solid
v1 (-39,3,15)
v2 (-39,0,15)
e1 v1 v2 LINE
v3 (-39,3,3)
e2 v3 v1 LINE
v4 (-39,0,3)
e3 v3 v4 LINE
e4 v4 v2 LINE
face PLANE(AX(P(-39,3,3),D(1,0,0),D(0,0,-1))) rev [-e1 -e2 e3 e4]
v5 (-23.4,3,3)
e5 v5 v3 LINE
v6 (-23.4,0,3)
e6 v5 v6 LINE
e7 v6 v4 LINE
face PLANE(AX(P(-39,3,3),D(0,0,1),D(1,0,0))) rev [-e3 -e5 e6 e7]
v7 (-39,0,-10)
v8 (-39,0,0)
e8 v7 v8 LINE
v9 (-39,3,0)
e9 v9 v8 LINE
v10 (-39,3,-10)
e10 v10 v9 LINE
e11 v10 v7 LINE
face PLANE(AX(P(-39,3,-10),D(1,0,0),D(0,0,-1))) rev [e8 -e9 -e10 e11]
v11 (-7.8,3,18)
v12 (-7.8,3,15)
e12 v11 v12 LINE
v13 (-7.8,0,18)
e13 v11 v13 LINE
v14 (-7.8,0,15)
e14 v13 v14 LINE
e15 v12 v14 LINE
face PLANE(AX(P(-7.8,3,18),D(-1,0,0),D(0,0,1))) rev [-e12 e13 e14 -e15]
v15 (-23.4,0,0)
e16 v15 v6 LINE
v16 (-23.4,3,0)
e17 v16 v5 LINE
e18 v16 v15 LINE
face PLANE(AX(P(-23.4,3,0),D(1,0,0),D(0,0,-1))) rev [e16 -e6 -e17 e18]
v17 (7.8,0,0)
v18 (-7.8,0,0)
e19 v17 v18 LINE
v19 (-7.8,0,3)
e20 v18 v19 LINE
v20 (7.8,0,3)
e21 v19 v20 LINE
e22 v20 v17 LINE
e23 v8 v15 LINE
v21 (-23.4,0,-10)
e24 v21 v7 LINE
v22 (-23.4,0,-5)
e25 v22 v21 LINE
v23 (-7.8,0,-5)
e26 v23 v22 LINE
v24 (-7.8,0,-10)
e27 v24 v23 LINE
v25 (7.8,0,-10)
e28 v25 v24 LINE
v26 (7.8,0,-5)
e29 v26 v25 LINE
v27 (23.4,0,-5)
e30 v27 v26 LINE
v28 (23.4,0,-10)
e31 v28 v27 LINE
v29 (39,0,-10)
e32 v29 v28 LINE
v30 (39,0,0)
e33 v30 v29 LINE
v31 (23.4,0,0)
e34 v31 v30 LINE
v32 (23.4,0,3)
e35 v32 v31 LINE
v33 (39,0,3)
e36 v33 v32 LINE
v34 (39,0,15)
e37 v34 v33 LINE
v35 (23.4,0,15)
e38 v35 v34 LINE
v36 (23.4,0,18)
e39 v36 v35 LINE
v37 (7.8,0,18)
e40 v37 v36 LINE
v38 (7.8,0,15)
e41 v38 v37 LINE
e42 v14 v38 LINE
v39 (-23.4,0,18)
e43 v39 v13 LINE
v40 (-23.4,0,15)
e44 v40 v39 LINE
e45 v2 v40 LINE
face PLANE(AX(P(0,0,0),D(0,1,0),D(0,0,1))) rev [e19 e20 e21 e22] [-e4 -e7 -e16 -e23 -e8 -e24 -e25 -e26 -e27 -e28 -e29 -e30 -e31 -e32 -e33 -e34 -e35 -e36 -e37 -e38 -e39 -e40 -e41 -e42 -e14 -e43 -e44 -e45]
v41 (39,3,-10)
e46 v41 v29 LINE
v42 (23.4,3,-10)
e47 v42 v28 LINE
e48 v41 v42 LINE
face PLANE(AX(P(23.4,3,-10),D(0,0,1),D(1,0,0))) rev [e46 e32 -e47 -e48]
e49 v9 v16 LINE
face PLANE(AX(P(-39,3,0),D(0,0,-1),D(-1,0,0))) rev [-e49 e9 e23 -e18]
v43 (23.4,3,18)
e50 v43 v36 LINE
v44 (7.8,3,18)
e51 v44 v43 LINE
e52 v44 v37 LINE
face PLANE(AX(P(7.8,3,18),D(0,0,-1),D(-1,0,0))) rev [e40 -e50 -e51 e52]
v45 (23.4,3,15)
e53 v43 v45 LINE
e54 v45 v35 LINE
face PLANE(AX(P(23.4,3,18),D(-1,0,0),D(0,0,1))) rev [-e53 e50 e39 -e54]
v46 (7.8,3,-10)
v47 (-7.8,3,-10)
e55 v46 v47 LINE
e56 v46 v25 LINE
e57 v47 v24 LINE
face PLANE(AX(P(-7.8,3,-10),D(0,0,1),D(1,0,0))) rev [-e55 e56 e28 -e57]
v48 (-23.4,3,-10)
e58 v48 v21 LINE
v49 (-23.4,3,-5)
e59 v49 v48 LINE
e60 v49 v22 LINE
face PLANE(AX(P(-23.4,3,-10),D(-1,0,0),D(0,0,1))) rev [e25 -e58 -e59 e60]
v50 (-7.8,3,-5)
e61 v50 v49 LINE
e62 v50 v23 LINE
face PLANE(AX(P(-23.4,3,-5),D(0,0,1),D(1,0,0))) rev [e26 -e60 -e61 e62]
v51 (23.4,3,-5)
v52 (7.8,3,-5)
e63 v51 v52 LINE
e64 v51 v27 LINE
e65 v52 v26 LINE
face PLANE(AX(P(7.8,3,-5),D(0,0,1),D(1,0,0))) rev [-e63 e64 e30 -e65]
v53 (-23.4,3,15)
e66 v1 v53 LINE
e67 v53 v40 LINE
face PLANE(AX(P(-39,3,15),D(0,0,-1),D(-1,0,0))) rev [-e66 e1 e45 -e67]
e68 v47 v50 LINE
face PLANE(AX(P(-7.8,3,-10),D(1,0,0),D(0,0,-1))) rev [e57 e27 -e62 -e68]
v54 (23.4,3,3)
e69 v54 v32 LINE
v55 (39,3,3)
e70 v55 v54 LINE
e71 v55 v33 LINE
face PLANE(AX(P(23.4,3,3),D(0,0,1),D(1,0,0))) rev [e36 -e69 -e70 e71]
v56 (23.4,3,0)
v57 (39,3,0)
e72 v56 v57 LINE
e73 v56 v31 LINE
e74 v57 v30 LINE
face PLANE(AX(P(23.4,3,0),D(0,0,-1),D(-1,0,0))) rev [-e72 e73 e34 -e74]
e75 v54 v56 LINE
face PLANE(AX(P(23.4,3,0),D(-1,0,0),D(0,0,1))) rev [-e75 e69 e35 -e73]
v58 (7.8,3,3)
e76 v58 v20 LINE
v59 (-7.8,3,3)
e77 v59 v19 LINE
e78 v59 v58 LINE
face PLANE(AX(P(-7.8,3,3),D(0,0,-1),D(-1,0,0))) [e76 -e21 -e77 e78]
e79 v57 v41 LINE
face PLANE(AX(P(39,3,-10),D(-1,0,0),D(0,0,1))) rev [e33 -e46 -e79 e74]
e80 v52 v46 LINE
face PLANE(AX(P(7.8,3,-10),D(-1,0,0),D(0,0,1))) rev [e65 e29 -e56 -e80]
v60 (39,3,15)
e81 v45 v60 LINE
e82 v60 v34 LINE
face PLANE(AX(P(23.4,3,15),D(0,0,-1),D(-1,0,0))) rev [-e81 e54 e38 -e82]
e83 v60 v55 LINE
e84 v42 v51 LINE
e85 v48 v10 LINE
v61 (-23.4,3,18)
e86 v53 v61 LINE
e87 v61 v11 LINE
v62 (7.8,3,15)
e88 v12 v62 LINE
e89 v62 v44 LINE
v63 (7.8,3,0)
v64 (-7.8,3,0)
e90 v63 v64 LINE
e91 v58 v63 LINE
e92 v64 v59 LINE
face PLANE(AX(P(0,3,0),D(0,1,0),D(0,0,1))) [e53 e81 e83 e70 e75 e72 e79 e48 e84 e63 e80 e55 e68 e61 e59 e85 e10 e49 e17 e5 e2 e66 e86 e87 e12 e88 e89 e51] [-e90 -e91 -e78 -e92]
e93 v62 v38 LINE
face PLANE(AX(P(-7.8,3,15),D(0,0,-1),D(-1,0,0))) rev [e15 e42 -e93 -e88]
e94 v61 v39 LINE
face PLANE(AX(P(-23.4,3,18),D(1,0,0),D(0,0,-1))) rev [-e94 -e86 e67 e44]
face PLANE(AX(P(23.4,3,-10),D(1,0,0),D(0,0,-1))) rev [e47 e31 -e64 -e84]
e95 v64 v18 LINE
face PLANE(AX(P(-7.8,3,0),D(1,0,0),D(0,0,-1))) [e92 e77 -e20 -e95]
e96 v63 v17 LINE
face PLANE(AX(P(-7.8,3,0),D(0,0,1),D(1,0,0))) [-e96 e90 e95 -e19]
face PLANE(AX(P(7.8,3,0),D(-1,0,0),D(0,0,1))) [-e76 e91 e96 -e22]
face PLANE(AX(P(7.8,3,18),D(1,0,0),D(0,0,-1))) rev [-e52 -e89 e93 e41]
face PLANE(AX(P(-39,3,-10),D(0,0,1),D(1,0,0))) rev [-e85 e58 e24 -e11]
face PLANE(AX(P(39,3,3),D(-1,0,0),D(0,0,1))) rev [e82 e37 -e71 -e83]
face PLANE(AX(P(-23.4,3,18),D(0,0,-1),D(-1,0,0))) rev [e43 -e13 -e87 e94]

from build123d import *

# Parameters (mm, degrees)
SKETCH1_W           = 15.6
SKETCH1_H           = 3
BOSS_EXTRUDE1_DEPTH = 3


with BuildPart() as part:
    # Sketch1 → Boss-Extrude1 (new body)
    with BuildSketch(Plane(origin=(0, 0, 0), x_dir=(1, 0, 0), z_dir=(0, 1, 0))):
        Polygon((-23.4, 5), (-7.8, 5), (-7.8, 10), (7.8, 10), (7.8, 5), (23.4, 5), (23.4, 10), (39, 10), (39, 0), (23.4, 0), (23.4, -3), (39, -3), (39, -15), (23.4, -15), (23.4, -18), (7.8, -18), (7.8, -15), (-7.8, -15), (-7.8, -18), (-23.4, -18), (-23.4, -15), (-39, -15), (-39, -3), (-23.4, -3), (-23.4, 0), (-39, 0), (-39, 10), (-23.4, 10), align=None)
        with Locations((0, -1.5)):
            Rectangle(SKETCH1_W, SKETCH1_H, mode=Mode.SUBTRACT)
    extrude(amount=BOSS_EXTRUDE1_DEPTH)


solid = part.part
